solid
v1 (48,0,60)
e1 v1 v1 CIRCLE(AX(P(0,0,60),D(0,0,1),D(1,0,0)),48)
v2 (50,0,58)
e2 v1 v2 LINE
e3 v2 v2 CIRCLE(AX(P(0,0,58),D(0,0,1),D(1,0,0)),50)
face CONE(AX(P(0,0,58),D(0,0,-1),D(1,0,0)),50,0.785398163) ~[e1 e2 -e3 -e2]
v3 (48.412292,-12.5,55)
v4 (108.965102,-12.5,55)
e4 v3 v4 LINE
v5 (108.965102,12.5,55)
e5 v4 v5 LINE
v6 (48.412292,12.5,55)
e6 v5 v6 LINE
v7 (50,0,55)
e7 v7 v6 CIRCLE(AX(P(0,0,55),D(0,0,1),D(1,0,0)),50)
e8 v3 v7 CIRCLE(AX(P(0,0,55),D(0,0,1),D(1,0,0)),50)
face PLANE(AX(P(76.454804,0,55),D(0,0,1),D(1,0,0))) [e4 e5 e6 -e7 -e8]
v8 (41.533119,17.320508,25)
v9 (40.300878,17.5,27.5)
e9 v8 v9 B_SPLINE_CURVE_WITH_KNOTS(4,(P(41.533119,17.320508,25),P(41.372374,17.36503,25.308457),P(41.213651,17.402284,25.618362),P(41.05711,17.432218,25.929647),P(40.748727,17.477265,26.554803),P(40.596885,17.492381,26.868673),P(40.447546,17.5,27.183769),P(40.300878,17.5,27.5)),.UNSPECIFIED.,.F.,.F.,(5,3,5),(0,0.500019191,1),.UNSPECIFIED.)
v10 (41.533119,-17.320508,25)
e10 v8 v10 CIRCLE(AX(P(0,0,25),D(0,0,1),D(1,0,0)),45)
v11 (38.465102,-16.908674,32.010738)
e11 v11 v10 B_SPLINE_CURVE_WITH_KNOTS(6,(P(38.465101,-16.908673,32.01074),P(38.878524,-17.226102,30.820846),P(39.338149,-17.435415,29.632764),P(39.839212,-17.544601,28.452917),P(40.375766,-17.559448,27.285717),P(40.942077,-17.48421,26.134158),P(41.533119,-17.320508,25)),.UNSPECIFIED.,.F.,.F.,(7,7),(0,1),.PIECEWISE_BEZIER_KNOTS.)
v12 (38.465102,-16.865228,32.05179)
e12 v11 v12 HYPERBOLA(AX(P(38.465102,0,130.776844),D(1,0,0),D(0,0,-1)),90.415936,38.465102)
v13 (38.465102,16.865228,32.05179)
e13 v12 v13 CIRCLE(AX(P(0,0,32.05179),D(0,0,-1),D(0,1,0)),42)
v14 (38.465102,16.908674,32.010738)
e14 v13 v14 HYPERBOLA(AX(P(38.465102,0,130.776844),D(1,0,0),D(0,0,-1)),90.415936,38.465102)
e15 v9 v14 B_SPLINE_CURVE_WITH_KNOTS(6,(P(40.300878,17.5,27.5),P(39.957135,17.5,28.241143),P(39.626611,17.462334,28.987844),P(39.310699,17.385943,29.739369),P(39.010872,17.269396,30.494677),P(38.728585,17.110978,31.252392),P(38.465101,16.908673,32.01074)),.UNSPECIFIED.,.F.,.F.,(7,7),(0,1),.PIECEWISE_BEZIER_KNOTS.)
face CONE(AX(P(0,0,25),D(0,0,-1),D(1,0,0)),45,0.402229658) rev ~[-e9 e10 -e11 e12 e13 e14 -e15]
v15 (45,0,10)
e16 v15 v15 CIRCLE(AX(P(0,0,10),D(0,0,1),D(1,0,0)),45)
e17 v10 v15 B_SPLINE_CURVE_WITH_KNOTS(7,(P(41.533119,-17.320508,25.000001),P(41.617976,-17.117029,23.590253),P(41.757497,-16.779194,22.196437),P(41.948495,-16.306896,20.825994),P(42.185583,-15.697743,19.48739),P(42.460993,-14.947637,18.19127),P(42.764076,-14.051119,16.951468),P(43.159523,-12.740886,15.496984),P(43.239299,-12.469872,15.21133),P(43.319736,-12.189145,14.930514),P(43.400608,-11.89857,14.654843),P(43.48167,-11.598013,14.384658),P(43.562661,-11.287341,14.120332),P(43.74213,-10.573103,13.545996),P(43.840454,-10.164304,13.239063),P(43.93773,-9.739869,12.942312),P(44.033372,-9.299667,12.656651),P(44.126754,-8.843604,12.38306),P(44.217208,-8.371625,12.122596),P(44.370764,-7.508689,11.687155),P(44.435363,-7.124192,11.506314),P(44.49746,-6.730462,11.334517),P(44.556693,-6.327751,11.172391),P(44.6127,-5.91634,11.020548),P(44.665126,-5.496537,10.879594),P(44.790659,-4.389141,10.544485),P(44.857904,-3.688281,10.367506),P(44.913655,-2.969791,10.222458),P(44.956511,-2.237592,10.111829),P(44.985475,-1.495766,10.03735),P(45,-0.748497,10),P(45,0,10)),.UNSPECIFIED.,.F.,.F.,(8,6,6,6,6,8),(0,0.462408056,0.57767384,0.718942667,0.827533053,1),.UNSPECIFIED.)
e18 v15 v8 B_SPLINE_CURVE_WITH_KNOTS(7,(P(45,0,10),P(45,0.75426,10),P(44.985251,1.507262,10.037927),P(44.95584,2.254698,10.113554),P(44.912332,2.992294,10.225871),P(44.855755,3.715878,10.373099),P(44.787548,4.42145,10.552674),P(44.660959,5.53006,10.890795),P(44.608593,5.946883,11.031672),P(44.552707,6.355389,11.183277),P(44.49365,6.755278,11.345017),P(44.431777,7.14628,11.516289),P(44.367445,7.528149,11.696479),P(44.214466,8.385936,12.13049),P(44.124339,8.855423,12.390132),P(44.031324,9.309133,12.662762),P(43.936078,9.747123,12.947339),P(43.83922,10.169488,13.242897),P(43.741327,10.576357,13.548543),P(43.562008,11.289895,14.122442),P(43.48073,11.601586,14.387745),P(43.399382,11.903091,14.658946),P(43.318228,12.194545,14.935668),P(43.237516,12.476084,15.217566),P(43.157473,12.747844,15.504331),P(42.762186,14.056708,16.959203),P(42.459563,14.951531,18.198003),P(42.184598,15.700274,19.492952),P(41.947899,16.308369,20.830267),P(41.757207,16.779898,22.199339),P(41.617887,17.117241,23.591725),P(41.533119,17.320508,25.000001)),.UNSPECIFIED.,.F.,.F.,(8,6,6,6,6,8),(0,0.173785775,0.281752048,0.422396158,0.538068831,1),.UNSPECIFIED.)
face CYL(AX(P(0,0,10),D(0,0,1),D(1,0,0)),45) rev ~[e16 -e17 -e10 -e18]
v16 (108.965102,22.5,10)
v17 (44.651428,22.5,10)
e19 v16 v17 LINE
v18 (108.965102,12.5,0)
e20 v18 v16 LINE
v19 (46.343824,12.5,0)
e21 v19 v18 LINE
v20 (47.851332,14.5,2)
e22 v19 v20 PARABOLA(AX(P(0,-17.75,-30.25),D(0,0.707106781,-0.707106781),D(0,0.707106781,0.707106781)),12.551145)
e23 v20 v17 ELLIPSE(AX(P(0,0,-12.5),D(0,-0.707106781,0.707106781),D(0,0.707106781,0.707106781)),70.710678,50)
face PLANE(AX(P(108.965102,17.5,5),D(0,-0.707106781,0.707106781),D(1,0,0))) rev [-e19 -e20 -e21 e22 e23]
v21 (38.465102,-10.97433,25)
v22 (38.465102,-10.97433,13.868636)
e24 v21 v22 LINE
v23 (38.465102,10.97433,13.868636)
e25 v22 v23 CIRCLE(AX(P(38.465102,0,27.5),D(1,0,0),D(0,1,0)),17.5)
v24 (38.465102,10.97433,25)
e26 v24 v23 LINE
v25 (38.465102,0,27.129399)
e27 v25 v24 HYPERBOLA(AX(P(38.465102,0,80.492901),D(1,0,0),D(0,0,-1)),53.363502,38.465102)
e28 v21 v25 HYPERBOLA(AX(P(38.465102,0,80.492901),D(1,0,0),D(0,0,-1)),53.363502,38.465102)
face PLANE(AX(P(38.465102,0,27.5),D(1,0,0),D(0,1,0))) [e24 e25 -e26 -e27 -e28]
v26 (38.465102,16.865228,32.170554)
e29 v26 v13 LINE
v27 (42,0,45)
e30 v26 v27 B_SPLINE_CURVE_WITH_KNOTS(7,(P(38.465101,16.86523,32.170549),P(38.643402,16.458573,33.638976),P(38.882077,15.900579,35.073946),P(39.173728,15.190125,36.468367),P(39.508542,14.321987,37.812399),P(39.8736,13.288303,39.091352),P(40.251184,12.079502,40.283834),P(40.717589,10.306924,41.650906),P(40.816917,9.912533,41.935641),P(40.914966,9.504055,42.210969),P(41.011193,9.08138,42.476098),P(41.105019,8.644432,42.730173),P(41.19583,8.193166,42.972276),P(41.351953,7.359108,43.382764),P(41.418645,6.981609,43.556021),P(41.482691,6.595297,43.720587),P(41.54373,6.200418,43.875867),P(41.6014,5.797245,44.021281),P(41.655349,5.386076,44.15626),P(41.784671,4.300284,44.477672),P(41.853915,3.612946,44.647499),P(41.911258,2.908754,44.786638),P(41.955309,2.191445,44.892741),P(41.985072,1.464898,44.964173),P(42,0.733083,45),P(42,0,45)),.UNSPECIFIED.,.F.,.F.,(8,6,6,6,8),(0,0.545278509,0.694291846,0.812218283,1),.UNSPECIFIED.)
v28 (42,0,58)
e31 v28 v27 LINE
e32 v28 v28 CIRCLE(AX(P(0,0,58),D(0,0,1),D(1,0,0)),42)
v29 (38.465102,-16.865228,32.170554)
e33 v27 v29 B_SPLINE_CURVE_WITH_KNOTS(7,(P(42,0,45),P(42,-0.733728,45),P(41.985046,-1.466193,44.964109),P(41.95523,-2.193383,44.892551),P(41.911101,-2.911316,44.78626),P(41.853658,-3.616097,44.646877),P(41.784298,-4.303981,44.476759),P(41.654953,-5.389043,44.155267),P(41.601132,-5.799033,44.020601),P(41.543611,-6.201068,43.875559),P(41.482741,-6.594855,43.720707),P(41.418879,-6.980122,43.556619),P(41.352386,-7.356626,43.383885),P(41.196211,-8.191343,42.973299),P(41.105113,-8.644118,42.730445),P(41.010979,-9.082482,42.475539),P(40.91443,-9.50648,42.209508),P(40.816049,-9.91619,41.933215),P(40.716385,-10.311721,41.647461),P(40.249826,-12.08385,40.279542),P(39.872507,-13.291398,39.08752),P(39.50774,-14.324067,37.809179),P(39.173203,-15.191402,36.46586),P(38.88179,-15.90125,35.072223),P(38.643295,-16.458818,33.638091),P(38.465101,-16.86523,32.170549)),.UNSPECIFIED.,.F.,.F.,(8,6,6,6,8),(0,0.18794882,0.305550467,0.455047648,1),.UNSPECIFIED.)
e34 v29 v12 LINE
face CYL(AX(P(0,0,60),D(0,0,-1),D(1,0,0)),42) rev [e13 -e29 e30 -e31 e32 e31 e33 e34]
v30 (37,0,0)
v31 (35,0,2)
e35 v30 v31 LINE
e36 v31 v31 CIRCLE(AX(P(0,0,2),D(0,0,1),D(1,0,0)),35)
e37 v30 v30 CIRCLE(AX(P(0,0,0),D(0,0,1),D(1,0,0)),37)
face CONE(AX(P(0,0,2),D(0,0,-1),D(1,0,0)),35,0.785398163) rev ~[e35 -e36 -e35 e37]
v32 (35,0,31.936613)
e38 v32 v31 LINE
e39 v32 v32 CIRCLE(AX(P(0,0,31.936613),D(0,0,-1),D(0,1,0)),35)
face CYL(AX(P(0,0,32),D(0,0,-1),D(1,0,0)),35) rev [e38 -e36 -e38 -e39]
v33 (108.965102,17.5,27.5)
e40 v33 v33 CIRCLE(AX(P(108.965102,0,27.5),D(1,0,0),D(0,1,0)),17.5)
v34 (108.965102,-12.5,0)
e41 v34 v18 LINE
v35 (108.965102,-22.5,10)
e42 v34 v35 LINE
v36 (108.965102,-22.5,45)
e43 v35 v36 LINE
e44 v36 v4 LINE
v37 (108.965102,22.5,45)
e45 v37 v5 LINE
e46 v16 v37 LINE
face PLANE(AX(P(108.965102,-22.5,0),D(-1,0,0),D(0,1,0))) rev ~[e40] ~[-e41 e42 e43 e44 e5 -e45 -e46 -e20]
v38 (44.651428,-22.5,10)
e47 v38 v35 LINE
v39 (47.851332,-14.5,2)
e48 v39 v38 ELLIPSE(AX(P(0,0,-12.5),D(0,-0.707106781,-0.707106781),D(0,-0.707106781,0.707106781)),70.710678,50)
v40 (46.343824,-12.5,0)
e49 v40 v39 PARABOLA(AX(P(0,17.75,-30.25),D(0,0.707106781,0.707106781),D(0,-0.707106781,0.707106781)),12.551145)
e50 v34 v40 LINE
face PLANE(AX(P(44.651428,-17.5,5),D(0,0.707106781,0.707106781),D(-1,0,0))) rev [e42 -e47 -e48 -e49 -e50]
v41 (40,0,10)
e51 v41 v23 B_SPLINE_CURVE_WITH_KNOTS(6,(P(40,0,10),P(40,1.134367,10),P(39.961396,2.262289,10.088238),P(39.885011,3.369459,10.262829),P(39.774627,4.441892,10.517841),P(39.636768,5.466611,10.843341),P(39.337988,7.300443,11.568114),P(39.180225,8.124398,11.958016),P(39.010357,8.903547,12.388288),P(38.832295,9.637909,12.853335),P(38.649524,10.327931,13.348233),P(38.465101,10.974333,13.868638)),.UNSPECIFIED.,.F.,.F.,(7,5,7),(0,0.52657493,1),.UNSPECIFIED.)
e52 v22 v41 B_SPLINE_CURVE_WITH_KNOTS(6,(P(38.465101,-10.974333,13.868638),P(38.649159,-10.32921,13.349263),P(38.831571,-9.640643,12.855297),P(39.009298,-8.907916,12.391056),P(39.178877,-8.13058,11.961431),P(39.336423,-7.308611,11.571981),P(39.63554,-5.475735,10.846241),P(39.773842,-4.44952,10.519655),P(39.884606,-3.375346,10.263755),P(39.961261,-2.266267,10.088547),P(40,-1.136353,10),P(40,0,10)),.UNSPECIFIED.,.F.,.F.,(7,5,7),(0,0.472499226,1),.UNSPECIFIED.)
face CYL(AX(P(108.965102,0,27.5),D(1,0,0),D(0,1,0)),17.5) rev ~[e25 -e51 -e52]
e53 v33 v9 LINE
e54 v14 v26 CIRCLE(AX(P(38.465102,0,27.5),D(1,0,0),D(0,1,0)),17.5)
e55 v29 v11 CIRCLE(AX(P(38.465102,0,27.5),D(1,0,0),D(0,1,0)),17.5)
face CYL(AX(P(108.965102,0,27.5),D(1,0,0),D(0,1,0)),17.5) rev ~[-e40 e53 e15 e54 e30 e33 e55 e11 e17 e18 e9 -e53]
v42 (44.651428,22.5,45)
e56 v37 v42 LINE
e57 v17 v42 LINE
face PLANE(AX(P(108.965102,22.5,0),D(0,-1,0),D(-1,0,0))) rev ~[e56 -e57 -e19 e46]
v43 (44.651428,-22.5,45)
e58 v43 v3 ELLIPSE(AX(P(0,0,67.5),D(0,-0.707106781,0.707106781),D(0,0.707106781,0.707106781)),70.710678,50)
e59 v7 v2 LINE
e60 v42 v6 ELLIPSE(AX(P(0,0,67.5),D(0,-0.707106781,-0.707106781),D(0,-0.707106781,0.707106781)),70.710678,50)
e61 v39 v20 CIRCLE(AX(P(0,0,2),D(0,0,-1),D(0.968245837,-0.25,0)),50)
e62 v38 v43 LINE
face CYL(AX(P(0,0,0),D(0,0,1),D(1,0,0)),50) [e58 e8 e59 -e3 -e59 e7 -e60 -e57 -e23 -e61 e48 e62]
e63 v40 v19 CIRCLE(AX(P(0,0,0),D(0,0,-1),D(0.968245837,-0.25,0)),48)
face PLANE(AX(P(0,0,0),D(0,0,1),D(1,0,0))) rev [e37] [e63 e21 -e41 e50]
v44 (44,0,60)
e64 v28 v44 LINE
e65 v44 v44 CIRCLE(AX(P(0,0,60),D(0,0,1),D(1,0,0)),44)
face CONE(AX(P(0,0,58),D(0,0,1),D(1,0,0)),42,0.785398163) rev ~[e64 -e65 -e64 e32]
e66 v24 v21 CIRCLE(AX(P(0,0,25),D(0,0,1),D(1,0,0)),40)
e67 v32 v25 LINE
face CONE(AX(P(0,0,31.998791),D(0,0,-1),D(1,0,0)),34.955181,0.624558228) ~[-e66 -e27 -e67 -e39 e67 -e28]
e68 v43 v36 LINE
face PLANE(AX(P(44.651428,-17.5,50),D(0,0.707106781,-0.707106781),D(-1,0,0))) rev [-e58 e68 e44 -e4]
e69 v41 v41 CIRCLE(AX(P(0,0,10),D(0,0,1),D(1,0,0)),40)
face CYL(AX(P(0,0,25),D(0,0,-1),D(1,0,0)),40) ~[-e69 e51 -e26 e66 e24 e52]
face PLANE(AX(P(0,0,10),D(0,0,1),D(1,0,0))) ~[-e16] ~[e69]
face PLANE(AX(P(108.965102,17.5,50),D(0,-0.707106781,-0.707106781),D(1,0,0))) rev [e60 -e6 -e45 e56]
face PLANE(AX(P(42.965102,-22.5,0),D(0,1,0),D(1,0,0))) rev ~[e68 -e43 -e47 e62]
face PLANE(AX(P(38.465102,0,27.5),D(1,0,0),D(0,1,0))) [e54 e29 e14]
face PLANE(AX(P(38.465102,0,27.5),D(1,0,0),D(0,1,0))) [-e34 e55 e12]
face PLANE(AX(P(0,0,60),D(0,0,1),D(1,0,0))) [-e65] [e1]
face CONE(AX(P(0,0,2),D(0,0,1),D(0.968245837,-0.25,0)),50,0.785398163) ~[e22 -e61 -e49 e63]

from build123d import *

# Parameters (mm, degrees)
F5_DEPTH = 55
F6_R     = 17.5
F7_DEPTH = 70.5
F8_SIZE  = 10
F9_SIZE  = 2


with BuildPart() as f1:
    # F0 (on Front) → F1 (revolve)
    with BuildSketch(Plane.XZ):
        Polygon((35, 32), (35, 0), (50, 0), (50, 60), (42, 60), (42, 32), align=None)
    revolve(axis=Axis((0, 0, 18.633036), (0, 0, 1)))

    # F2 (on Front) → F3 (revolve, cut)
    with BuildSketch(Plane.XZ):
        Polygon((34.955181, 31.998791), (40, 25), (40, 10), (45, 10), (45, 25), (39.898187, 36.992304), align=None)
    revolve(axis=Axis((0, 0, 12.552274), (0, 0, 1)), mode=Mode.SUBTRACT)

    # F4 (on Top) → F5 (join)
    with BuildSketch(Plane.XY):
        with BuildLine():
            ThreePointArc((42.965102, 22.5), (47.095952, 11.585391), (48.5, 0))
            ThreePointArc((48.5, 0), (47.095952, -11.585391), (42.965102, -22.5))
            Line((42.965102, -22.5), (108.965102, -22.5))
            Line((108.965102, -22.5), (108.965102, 22.5))
            Line((108.965102, 22.5), (42.965102, 22.5))
        make_face()
    extrude(amount=F5_DEPTH)

    # F6 (on face) → F7 (cut)
    with BuildSketch(Plane.YZ.offset(108.965102)):
        with Locations((0, 27.5)):
            Circle(F6_R)
    extrude(amount=-F7_DEPTH, mode=Mode.SUBTRACT)

    # F8
    f8_edges = [f1.edges().sort_by_distance(p)[0] for p in [
        (76.808265, -22.5, 55),
        (76.808265, -22.5, 0),
        (76.808265, 22.5, 55),
        (76.808265, 22.5, 0),
    ]]
    chamfer(f8_edges, length=F8_SIZE)

    # F9
    f9_edges = [f1.edges().sort_by_distance(p)[0] for p in [
        (-50, 0, 60),
        (-42, 0, 60),
        (-35, 0, 0),
        (-50, 0, 0),
    ]]
    chamfer(f9_edges, length=F9_SIZE)


solid = f1.part
